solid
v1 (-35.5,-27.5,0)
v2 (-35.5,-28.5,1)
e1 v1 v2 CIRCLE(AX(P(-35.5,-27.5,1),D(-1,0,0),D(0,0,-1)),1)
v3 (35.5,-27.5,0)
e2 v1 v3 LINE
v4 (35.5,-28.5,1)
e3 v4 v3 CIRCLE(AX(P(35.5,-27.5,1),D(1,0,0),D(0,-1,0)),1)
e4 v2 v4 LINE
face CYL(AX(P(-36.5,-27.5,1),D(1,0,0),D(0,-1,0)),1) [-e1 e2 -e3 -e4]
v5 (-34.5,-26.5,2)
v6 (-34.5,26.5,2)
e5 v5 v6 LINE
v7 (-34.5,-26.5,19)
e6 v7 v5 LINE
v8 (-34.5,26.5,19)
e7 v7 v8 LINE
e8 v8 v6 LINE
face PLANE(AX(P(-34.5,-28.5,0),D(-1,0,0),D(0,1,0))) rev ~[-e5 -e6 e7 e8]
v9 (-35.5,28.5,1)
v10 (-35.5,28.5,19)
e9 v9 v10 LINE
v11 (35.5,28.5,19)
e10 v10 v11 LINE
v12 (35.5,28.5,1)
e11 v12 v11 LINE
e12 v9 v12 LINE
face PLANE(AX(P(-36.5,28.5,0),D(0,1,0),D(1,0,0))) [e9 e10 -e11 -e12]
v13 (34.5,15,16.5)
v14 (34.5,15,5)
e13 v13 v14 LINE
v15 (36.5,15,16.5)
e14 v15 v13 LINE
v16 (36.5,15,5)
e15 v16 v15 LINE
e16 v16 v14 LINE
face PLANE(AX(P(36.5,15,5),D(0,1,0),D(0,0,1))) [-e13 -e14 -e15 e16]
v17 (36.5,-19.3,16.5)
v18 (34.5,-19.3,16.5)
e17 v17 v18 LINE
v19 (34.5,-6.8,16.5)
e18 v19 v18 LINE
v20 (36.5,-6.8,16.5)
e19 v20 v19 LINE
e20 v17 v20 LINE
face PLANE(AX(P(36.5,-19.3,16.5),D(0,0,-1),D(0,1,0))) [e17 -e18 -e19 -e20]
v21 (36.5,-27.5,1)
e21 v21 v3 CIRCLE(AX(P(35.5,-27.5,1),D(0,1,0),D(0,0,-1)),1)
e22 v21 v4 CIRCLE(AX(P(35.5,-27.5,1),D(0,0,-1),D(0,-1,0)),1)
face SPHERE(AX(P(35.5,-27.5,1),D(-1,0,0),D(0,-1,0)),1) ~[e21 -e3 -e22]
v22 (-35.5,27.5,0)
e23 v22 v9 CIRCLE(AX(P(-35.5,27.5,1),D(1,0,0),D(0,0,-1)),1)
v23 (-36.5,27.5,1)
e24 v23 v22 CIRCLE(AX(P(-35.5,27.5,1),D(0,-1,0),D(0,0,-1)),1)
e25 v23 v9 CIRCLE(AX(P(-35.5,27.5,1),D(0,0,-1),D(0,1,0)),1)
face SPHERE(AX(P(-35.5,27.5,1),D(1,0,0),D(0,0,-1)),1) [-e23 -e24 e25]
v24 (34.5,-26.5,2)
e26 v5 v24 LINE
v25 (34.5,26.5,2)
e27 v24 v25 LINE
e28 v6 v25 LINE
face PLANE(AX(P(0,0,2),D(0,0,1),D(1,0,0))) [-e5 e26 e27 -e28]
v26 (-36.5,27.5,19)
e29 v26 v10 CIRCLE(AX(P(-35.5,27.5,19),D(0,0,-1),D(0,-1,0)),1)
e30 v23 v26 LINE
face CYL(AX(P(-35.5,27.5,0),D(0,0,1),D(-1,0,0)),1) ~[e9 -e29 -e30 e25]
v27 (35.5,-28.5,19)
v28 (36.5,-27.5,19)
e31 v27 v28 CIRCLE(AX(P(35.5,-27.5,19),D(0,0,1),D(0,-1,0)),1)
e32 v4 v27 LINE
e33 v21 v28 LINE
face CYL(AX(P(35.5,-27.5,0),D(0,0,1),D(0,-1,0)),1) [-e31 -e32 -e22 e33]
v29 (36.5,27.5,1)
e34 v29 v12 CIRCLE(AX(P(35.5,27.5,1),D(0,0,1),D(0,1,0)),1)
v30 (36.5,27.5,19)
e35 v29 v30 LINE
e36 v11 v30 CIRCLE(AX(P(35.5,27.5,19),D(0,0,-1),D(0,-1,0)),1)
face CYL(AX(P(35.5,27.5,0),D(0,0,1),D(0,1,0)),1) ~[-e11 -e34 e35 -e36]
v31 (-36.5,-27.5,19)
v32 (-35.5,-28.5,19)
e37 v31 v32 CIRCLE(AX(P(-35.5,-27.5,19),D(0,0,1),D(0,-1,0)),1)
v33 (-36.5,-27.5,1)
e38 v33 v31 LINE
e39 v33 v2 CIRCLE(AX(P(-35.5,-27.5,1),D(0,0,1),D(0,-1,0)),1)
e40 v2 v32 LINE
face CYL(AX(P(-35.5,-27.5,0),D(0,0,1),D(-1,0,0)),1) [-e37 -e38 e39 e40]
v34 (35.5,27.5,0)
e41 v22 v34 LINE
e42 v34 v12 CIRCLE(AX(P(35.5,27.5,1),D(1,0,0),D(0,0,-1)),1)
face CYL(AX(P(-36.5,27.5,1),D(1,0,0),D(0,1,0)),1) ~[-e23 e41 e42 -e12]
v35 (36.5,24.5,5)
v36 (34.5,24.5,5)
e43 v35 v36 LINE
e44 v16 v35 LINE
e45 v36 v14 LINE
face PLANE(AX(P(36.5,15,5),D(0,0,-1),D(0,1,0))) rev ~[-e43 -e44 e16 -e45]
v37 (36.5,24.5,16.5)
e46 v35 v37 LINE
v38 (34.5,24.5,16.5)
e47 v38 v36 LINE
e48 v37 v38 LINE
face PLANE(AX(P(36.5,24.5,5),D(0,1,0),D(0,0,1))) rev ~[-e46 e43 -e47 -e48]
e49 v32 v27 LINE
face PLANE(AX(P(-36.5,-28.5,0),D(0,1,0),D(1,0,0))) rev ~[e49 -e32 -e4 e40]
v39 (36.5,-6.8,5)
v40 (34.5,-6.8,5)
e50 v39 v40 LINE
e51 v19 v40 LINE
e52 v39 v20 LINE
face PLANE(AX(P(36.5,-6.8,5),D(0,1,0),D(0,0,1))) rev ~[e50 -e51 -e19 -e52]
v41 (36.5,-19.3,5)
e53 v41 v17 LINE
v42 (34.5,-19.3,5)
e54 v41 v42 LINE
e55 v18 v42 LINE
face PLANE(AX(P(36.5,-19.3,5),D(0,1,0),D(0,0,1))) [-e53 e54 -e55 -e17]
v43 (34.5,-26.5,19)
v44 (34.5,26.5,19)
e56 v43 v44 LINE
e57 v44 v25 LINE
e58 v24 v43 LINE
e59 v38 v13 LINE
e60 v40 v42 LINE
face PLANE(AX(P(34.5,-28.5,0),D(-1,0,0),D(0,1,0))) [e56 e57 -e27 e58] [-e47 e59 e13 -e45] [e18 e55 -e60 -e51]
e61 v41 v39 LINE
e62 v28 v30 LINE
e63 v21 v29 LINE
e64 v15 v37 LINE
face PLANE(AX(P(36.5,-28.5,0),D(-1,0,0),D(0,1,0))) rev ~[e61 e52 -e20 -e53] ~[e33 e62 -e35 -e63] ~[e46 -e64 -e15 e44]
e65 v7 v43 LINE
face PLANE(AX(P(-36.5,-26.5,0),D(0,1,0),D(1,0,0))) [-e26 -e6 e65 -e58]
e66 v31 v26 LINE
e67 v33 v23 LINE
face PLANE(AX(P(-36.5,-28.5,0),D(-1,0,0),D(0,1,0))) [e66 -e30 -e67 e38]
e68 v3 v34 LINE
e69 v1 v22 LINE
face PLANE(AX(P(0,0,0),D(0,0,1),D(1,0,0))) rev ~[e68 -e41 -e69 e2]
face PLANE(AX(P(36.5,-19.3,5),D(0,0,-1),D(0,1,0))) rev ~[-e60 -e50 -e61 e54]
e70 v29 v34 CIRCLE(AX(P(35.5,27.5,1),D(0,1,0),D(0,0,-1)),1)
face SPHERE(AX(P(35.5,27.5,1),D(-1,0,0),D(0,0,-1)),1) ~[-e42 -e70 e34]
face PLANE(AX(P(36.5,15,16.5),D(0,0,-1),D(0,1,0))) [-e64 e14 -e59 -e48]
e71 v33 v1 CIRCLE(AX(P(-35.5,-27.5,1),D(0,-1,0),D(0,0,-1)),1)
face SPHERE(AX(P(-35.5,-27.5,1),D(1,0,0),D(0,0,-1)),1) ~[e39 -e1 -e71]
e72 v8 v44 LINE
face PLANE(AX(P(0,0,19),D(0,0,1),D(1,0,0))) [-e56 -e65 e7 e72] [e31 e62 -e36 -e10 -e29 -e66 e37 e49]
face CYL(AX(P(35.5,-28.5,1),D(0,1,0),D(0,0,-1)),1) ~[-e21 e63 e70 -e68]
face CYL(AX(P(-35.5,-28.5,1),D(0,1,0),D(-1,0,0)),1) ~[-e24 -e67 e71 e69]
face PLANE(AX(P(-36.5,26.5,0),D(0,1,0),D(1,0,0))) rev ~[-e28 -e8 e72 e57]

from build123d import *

# Parameters (mm, degrees)
F0_W     = 73
F0_H     = 57
F1_DEPTH = 19
F2_T     = -2
F3_W     = 12.5
F3_H     = 11.5
F5_DEPTH = 25
F4_W     = 9.5
F4_H     = 11.5
F6_DEPTH = 25
F7_R     = 1


with BuildPart() as f1:
    # F0 (on Top) → F1 (new body)
    with BuildSketch(Plane.XY):
        Rectangle(F0_W, F0_H)
    extrude(amount=F1_DEPTH)

    # F2
    f2_openings = [f1.faces().sort_by_distance(p)[0] for p in [
        (0, 0, 19),
    ]]
    offset(amount=F2_T, openings=f2_openings)

    # F3 (on face) → F5 (cut)
    with BuildSketch(Plane.YZ.offset(36.5)):
        with Locations((-13.05, 10.75)):
            Rectangle(F3_W, F3_H)
    extrude(amount=-F5_DEPTH, mode=Mode.SUBTRACT)

    # F4 (on face) → F6 (cut)
    with BuildSketch(Plane.YZ.offset(36.5)):
        with Locations((19.75, 10.75)):
            Rectangle(F4_W, F4_H)
    extrude(amount=-F6_DEPTH, mode=Mode.SUBTRACT)

    # F7
    f7_edges = [f1.edges().sort_by_distance(p)[0] for p in [
        (0, -28.5, 0),
        (0, 28.5, 0),
        (-36.5, 0, 0),
        (36.5, -28.5, 9.5),
        (36.5, 0, 0),
        (-36.5, -28.5, 9.5),
        (36.5, 28.5, 9.5),
        (-36.5, 28.5, 9.5),
    ]]
    fillet(f7_edges, radius=F7_R)


solid = f1.part
